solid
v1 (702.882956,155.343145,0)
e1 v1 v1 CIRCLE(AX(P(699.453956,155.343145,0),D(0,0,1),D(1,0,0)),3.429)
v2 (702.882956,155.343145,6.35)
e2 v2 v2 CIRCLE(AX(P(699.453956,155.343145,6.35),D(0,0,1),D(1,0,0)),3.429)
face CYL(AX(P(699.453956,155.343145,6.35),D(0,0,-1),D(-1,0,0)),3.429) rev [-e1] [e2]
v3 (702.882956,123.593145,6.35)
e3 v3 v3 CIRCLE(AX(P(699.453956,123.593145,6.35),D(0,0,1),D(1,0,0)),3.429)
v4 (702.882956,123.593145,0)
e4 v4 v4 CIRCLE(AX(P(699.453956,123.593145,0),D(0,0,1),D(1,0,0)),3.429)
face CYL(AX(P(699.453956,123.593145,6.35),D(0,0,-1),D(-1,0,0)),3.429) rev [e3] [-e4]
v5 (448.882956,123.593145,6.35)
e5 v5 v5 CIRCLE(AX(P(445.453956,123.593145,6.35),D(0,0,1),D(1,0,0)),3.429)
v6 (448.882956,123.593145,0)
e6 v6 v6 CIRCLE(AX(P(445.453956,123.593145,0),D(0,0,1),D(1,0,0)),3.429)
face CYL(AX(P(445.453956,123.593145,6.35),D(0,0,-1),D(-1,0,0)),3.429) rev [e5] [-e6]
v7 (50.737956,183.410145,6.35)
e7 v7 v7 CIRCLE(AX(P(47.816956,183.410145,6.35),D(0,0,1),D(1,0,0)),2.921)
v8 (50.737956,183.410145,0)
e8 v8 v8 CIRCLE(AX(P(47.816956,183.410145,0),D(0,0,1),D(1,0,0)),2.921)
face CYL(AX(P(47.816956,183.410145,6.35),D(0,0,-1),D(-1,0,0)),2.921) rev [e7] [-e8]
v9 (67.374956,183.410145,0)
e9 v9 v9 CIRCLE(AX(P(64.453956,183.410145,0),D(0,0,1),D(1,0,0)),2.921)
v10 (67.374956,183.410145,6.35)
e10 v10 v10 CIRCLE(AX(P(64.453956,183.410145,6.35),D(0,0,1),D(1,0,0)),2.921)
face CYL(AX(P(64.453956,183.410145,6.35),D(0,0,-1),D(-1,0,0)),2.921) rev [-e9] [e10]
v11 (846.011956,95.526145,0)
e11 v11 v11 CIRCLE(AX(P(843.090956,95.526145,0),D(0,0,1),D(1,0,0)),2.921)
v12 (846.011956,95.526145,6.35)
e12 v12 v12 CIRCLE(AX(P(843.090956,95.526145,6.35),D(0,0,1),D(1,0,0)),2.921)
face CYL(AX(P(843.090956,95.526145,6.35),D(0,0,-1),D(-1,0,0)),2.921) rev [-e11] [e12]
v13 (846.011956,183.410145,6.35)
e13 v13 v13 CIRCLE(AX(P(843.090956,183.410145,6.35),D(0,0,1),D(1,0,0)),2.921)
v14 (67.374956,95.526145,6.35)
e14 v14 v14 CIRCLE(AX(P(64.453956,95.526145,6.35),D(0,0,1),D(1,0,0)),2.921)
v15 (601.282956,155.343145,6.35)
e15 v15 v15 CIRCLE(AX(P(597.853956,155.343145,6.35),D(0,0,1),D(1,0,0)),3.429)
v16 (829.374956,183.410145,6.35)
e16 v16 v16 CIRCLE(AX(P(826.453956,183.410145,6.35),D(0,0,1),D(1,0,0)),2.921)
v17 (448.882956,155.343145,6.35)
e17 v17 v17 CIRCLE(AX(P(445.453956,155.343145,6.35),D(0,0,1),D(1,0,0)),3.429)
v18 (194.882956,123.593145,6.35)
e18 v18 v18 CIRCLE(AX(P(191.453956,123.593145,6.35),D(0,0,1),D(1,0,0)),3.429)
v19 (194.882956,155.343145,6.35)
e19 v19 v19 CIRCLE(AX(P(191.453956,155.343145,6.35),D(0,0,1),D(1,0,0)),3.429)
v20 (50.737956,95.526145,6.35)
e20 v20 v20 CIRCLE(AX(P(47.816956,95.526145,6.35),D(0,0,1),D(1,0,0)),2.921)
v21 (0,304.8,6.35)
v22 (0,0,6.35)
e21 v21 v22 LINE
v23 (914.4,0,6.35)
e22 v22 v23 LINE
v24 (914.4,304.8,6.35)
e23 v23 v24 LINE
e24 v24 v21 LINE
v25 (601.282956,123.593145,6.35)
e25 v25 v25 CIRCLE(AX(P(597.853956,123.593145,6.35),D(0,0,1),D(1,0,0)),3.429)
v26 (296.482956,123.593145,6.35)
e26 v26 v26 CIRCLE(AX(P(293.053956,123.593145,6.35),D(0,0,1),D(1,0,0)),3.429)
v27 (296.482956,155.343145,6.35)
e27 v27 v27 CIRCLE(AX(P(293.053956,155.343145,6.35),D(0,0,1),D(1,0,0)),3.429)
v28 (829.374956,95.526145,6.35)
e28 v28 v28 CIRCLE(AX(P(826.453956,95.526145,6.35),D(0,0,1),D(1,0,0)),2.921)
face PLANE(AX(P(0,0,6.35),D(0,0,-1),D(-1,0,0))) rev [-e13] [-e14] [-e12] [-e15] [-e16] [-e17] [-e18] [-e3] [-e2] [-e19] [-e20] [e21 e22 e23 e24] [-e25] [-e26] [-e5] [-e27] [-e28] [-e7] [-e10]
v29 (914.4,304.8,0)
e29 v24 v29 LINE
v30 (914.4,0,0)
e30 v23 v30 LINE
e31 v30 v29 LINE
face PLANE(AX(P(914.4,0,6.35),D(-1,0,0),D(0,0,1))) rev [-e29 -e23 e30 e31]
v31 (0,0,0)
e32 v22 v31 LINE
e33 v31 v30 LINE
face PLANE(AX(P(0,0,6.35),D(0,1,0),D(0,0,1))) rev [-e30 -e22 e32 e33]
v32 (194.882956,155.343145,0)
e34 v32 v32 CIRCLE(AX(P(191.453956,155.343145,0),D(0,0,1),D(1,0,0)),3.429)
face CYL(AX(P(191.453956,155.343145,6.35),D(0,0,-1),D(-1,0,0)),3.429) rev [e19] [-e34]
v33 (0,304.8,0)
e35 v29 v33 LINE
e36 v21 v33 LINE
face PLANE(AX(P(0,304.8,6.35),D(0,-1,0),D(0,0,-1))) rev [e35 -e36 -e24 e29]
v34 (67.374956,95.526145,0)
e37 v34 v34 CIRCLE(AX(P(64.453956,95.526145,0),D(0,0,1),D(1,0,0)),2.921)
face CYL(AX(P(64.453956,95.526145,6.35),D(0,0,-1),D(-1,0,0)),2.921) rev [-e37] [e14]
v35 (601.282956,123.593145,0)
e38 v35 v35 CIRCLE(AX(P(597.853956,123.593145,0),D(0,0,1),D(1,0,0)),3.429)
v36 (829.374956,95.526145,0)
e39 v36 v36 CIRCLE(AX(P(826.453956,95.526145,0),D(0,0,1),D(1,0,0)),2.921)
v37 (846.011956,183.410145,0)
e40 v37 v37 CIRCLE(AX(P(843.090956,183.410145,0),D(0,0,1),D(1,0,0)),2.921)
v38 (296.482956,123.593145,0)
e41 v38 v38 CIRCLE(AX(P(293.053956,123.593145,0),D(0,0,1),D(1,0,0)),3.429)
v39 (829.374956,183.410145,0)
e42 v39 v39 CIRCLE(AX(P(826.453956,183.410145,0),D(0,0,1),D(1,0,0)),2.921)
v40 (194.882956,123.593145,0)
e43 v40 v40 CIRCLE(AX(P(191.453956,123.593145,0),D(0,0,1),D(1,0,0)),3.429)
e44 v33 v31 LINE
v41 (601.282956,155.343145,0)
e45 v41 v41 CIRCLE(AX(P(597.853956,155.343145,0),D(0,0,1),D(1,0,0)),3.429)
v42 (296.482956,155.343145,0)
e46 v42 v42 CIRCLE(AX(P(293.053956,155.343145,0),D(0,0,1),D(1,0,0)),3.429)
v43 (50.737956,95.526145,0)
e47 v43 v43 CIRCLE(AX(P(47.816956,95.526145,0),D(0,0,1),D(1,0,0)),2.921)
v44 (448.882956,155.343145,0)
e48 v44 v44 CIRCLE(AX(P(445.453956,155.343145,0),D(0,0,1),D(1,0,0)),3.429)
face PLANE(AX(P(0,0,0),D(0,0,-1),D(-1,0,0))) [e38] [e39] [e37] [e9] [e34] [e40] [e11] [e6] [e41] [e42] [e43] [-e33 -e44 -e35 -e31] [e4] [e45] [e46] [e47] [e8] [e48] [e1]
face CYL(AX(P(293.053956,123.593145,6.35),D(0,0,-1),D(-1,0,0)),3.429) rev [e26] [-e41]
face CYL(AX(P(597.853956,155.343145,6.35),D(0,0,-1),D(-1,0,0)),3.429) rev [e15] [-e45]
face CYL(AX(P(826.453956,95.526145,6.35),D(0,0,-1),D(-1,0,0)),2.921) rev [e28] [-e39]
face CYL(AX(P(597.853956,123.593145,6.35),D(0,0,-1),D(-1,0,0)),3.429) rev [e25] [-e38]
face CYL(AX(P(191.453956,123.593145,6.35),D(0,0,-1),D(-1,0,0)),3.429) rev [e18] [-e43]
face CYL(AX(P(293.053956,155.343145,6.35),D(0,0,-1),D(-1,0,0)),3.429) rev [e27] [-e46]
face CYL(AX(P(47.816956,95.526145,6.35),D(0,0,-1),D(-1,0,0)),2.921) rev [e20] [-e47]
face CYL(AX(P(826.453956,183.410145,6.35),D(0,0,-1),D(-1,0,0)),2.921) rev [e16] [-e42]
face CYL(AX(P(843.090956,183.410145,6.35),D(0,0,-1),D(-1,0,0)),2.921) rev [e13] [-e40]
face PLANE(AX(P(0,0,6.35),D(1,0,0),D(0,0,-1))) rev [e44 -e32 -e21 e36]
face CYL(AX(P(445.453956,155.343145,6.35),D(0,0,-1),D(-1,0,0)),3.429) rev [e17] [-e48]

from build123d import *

# Parameters (mm, degrees)
SKETCH1_W           = 914.4
SKETCH1_H           = 304.8
SKETCH1_R           = 3.429
SKETCH1_R_2         = 2.921
BOSS_EXTRUDE1_DEPTH = 6.35


with BuildPart() as part:
    # Sketch1 → Boss-Extrude1 (new body)
    with BuildSketch(Plane.XY):
        with Locations((457.2, 152.4)):
            Rectangle(SKETCH1_W, SKETCH1_H)
        with Locations((445.453955885, 155.343145215)):
            Circle(SKETCH1_R, mode=Mode.SUBTRACT)
        with Locations((445.453955885, 123.593145215)):
            Circle(SKETCH1_R, mode=Mode.SUBTRACT)
        with Locations((597.853955885, 155.343145215)):
            Circle(SKETCH1_R, mode=Mode.SUBTRACT)
        with Locations((597.853955885, 123.593145215)):
            Circle(SKETCH1_R, mode=Mode.SUBTRACT)
        with Locations((699.453955885, 155.343145215)):
            Circle(SKETCH1_R, mode=Mode.SUBTRACT)
        with Locations((699.453955885, 123.593145215)):
            Circle(SKETCH1_R, mode=Mode.SUBTRACT)
        with Locations((293.053955885, 155.343145215)):
            Circle(SKETCH1_R, mode=Mode.SUBTRACT)
        with Locations((293.053955885, 123.593145215)):
            Circle(SKETCH1_R, mode=Mode.SUBTRACT)
        with Locations((191.453955885, 155.343145215)):
            Circle(SKETCH1_R, mode=Mode.SUBTRACT)
        with Locations((191.453955885, 123.593145215)):
            Circle(SKETCH1_R, mode=Mode.SUBTRACT)
        with Locations((47.816955885, 183.410145215)):
            Circle(SKETCH1_R_2, mode=Mode.SUBTRACT)
        with Locations((64.453955885, 183.410145215)):
            Circle(SKETCH1_R_2, mode=Mode.SUBTRACT)
        with Locations((47.816955885, 95.526145215)):
            Circle(SKETCH1_R_2, mode=Mode.SUBTRACT)
        with Locations((64.453955885, 95.526145215)):
            Circle(SKETCH1_R_2, mode=Mode.SUBTRACT)
        with Locations((826.453955885, 183.410145215)):
            Circle(SKETCH1_R_2, mode=Mode.SUBTRACT)
        with Locations((843.090955885, 183.410145215)):
            Circle(SKETCH1_R_2, mode=Mode.SUBTRACT)
        with Locations((826.453955885, 95.526145215)):
            Circle(SKETCH1_R_2, mode=Mode.SUBTRACT)
        with Locations((843.090955885, 95.526145215)):
            Circle(SKETCH1_R_2, mode=Mode.SUBTRACT)
    extrude(amount=BOSS_EXTRUDE1_DEPTH)


solid = part.part
